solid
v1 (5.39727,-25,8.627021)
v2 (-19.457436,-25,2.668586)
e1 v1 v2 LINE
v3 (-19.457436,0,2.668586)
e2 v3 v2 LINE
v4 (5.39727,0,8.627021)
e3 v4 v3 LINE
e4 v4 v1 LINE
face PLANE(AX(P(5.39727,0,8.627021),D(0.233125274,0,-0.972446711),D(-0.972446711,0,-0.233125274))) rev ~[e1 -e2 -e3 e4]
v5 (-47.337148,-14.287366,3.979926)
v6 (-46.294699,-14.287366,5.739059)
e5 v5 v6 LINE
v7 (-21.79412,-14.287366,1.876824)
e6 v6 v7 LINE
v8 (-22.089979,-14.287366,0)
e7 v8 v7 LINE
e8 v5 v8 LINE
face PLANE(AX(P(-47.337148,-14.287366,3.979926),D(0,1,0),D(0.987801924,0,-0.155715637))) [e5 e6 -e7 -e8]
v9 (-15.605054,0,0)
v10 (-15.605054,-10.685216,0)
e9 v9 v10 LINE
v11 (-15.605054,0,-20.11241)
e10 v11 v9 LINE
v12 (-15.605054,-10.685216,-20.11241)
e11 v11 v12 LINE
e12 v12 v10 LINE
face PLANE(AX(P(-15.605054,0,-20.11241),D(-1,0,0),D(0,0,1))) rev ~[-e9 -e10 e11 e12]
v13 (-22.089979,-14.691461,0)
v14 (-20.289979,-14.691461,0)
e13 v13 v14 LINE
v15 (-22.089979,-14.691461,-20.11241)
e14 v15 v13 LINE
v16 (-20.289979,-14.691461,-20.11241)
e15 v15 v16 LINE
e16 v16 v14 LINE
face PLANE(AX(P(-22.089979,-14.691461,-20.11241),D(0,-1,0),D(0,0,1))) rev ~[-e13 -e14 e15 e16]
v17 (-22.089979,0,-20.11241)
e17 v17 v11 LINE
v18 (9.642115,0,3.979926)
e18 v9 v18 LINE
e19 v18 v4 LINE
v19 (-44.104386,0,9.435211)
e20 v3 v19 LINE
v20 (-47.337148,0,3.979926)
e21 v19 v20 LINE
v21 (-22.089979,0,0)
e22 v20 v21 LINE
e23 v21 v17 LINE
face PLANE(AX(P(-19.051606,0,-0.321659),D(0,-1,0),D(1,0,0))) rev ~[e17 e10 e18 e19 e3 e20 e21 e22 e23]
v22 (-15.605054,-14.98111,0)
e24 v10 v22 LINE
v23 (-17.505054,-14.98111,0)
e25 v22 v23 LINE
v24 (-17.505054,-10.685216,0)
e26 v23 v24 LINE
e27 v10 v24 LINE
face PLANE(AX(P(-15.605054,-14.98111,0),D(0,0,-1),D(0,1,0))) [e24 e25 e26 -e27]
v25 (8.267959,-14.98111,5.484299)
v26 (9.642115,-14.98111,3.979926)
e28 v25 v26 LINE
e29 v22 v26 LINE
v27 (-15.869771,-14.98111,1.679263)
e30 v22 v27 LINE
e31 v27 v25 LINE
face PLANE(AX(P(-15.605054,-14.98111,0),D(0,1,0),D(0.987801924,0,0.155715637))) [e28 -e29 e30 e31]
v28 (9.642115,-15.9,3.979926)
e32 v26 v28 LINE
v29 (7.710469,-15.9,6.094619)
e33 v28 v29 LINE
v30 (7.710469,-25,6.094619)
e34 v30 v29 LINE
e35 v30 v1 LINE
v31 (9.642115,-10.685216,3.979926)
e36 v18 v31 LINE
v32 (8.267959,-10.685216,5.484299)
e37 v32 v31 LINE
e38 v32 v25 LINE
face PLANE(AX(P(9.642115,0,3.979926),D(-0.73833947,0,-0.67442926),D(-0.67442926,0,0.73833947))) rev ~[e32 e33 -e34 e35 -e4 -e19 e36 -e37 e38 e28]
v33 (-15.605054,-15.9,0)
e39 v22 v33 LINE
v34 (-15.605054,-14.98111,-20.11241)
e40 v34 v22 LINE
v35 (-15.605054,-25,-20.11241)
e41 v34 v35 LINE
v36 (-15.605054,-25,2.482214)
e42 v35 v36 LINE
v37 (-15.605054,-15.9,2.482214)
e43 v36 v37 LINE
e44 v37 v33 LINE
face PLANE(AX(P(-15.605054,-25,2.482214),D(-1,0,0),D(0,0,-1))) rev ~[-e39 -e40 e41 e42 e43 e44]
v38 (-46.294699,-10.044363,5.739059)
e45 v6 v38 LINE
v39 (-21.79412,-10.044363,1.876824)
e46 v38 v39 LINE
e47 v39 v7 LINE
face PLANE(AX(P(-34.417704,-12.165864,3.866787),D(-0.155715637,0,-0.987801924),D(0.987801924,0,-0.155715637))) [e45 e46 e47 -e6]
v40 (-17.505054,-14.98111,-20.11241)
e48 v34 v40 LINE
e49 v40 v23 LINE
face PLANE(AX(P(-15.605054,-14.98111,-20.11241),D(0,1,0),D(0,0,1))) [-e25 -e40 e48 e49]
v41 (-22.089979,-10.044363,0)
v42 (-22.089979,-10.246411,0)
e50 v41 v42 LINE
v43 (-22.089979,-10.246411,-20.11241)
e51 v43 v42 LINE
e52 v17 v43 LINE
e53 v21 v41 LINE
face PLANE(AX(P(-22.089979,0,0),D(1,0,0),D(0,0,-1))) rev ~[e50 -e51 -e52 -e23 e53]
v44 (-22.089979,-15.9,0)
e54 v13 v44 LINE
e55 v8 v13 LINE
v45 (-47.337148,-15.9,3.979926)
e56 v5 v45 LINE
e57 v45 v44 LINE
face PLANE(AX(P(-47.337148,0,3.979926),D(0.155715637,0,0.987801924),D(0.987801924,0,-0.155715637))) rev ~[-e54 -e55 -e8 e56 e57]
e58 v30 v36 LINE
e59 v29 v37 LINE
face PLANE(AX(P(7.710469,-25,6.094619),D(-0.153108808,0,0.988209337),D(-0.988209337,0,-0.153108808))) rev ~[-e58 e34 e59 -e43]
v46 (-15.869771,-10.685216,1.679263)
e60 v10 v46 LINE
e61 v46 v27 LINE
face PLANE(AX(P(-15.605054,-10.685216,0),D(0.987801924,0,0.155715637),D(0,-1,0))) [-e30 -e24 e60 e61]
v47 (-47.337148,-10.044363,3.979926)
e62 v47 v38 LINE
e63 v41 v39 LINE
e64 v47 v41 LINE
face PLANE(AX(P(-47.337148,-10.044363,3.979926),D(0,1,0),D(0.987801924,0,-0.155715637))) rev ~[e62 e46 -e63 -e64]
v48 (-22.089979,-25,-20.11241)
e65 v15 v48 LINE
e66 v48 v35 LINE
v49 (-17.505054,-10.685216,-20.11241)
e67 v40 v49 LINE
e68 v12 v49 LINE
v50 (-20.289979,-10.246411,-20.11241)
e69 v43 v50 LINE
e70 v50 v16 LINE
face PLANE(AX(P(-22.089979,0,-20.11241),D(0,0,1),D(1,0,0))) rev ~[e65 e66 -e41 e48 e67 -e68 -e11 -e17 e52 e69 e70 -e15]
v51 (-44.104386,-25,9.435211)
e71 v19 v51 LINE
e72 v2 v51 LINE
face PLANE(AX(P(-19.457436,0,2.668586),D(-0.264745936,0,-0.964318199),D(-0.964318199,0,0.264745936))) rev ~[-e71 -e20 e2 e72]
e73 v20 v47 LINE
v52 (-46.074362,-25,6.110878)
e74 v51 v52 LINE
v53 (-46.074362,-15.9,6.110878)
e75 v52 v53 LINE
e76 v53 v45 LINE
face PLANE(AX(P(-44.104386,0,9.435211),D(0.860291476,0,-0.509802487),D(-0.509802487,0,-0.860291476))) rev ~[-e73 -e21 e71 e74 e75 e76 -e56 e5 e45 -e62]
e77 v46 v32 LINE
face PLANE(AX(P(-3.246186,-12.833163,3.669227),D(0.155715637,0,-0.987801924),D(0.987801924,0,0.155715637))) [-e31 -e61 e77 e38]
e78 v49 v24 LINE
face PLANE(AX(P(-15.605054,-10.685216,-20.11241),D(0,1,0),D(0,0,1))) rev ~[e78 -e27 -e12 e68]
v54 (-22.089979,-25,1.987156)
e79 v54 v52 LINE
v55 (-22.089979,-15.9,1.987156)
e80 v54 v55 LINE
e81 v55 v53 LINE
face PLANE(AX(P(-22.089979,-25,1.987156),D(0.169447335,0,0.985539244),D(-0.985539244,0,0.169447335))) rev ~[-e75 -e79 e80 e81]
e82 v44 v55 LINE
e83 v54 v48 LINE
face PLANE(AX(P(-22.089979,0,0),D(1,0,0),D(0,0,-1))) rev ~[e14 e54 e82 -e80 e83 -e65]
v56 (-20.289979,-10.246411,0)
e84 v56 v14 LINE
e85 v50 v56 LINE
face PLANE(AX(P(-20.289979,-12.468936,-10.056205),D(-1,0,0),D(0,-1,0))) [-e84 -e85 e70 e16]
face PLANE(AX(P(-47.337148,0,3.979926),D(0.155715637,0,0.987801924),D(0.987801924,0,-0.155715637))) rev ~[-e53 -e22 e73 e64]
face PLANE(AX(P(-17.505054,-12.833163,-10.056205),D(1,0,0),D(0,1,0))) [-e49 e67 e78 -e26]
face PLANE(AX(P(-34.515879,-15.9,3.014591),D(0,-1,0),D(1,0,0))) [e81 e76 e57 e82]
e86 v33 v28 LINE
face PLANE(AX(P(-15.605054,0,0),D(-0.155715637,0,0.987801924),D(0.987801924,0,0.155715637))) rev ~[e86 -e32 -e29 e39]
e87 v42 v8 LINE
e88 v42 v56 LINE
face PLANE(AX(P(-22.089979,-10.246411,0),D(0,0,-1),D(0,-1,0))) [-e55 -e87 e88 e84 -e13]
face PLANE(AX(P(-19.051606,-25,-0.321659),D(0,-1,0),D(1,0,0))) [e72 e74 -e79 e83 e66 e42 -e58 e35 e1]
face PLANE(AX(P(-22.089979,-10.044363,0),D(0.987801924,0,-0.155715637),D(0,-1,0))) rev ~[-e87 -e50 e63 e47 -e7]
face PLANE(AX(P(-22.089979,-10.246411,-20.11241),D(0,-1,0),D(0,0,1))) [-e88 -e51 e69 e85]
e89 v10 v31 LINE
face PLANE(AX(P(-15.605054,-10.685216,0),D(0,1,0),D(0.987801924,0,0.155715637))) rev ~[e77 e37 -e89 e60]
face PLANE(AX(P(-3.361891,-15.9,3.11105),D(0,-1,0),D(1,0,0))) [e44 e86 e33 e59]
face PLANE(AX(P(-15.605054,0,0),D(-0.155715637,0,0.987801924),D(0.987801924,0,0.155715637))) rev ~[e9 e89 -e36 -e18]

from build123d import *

# Parameters (mm, degrees)
F1_DEPTH  = 25
F2_W      = 25.5589389365
F2_H      = 4.2958939448
F3_DEPTH  = 1.7
F4_W      = 4.2958939448
F4_H      = 20.1124101877
F5_DEPTH  = 1.9
F6_W      = 4.4450499117
F6_H      = 20.1124101877
F8_DEPTH  = 1.8
F7_W      = 25.5589389365
F7_H      = 4.2430022731
F9_DEPTH  = 1.9
F11_DEPTH = 9.1


with BuildPart() as f1:
    # F0 (on Front) → F1 (new body)
    with BuildSketch(Plane.XZ):
        Polygon((-19.4574361484, 2.6685861076), (-44.104386121, 9.4352113083), (-47.3371483386, 3.9799264632), (-22.0899792911, 0), (-22.0899792911, -20.1124101877), (-15.6050544099, -20.1124101877), (-15.6050544099, 0), (9.6421146375, 3.9799264632), (5.3972699679, 8.6270207539), align=None)
    extrude(amount=F1_DEPTH)

    # F2 (on face) → F3 (cut)
    with BuildSketch(Plane(origin=(-0.378381367, 0, 2.4003102636), x_dir=(0.9878019236, 0, 0.1557156372), z_dir=(0.1557156372, 0, -0.9878019236))):
        with Locations((-2.6352332962, 12.8331626765)):
            Rectangle(F2_W, F2_H)
    extrude(amount=-F3_DEPTH, mode=Mode.SUBTRACT)

    # F4 (on face) → F5 (cut)
    with BuildSketch(Plane.YZ.offset(-15.6050544099)):
        with Locations((-12.8331626765, -10.0562050939)):
            Rectangle(F4_W, F4_H)
    extrude(amount=-F5_DEPTH, mode=Mode.SUBTRACT)

    # F6 (on face) → F8 (cut)
    with BuildSketch(Plane(origin=(-22.0899792911, 0, 0), x_dir=(0, -1, 0), z_dir=(-1, 0, 0))):
        with Locations((12.4689359218, -10.0562050939)):
            Rectangle(F6_W, F6_H)
    extrude(amount=-F8_DEPTH, mode=Mode.SUBTRACT)

    # F7 (on face) → F9 (cut)
    with BuildSketch(Plane(origin=(-0.5356236731, 0, -3.3977968049), x_dir=(0.9878019236, 0, -0.1557156372), z_dir=(-0.1557156372, 0, -0.9878019236))):
        with Locations((-34.599993505, 12.1658644639)):
            Rectangle(F7_W, F7_H)
    extrude(amount=-F9_DEPTH, mode=Mode.SUBTRACT)

    # F10 (on face) → F11 (cut)
    with BuildSketch(Plane.XZ.offset(25)):
        Polygon((-22.0899792911, 1.9871564582), (-46.0743617449, 6.1108782943), (-47.3371483386, 3.9799264632), (-22.0899792911, 0), align=None)
        Polygon((9.6421146375, 3.9799264632), (7.7104689044, 6.0946186502), (-15.6050544099, 2.4822140113), (-15.6050544099, 0), align=None)
    extrude(amount=-F11_DEPTH, mode=Mode.SUBTRACT)


solid = f1.part
